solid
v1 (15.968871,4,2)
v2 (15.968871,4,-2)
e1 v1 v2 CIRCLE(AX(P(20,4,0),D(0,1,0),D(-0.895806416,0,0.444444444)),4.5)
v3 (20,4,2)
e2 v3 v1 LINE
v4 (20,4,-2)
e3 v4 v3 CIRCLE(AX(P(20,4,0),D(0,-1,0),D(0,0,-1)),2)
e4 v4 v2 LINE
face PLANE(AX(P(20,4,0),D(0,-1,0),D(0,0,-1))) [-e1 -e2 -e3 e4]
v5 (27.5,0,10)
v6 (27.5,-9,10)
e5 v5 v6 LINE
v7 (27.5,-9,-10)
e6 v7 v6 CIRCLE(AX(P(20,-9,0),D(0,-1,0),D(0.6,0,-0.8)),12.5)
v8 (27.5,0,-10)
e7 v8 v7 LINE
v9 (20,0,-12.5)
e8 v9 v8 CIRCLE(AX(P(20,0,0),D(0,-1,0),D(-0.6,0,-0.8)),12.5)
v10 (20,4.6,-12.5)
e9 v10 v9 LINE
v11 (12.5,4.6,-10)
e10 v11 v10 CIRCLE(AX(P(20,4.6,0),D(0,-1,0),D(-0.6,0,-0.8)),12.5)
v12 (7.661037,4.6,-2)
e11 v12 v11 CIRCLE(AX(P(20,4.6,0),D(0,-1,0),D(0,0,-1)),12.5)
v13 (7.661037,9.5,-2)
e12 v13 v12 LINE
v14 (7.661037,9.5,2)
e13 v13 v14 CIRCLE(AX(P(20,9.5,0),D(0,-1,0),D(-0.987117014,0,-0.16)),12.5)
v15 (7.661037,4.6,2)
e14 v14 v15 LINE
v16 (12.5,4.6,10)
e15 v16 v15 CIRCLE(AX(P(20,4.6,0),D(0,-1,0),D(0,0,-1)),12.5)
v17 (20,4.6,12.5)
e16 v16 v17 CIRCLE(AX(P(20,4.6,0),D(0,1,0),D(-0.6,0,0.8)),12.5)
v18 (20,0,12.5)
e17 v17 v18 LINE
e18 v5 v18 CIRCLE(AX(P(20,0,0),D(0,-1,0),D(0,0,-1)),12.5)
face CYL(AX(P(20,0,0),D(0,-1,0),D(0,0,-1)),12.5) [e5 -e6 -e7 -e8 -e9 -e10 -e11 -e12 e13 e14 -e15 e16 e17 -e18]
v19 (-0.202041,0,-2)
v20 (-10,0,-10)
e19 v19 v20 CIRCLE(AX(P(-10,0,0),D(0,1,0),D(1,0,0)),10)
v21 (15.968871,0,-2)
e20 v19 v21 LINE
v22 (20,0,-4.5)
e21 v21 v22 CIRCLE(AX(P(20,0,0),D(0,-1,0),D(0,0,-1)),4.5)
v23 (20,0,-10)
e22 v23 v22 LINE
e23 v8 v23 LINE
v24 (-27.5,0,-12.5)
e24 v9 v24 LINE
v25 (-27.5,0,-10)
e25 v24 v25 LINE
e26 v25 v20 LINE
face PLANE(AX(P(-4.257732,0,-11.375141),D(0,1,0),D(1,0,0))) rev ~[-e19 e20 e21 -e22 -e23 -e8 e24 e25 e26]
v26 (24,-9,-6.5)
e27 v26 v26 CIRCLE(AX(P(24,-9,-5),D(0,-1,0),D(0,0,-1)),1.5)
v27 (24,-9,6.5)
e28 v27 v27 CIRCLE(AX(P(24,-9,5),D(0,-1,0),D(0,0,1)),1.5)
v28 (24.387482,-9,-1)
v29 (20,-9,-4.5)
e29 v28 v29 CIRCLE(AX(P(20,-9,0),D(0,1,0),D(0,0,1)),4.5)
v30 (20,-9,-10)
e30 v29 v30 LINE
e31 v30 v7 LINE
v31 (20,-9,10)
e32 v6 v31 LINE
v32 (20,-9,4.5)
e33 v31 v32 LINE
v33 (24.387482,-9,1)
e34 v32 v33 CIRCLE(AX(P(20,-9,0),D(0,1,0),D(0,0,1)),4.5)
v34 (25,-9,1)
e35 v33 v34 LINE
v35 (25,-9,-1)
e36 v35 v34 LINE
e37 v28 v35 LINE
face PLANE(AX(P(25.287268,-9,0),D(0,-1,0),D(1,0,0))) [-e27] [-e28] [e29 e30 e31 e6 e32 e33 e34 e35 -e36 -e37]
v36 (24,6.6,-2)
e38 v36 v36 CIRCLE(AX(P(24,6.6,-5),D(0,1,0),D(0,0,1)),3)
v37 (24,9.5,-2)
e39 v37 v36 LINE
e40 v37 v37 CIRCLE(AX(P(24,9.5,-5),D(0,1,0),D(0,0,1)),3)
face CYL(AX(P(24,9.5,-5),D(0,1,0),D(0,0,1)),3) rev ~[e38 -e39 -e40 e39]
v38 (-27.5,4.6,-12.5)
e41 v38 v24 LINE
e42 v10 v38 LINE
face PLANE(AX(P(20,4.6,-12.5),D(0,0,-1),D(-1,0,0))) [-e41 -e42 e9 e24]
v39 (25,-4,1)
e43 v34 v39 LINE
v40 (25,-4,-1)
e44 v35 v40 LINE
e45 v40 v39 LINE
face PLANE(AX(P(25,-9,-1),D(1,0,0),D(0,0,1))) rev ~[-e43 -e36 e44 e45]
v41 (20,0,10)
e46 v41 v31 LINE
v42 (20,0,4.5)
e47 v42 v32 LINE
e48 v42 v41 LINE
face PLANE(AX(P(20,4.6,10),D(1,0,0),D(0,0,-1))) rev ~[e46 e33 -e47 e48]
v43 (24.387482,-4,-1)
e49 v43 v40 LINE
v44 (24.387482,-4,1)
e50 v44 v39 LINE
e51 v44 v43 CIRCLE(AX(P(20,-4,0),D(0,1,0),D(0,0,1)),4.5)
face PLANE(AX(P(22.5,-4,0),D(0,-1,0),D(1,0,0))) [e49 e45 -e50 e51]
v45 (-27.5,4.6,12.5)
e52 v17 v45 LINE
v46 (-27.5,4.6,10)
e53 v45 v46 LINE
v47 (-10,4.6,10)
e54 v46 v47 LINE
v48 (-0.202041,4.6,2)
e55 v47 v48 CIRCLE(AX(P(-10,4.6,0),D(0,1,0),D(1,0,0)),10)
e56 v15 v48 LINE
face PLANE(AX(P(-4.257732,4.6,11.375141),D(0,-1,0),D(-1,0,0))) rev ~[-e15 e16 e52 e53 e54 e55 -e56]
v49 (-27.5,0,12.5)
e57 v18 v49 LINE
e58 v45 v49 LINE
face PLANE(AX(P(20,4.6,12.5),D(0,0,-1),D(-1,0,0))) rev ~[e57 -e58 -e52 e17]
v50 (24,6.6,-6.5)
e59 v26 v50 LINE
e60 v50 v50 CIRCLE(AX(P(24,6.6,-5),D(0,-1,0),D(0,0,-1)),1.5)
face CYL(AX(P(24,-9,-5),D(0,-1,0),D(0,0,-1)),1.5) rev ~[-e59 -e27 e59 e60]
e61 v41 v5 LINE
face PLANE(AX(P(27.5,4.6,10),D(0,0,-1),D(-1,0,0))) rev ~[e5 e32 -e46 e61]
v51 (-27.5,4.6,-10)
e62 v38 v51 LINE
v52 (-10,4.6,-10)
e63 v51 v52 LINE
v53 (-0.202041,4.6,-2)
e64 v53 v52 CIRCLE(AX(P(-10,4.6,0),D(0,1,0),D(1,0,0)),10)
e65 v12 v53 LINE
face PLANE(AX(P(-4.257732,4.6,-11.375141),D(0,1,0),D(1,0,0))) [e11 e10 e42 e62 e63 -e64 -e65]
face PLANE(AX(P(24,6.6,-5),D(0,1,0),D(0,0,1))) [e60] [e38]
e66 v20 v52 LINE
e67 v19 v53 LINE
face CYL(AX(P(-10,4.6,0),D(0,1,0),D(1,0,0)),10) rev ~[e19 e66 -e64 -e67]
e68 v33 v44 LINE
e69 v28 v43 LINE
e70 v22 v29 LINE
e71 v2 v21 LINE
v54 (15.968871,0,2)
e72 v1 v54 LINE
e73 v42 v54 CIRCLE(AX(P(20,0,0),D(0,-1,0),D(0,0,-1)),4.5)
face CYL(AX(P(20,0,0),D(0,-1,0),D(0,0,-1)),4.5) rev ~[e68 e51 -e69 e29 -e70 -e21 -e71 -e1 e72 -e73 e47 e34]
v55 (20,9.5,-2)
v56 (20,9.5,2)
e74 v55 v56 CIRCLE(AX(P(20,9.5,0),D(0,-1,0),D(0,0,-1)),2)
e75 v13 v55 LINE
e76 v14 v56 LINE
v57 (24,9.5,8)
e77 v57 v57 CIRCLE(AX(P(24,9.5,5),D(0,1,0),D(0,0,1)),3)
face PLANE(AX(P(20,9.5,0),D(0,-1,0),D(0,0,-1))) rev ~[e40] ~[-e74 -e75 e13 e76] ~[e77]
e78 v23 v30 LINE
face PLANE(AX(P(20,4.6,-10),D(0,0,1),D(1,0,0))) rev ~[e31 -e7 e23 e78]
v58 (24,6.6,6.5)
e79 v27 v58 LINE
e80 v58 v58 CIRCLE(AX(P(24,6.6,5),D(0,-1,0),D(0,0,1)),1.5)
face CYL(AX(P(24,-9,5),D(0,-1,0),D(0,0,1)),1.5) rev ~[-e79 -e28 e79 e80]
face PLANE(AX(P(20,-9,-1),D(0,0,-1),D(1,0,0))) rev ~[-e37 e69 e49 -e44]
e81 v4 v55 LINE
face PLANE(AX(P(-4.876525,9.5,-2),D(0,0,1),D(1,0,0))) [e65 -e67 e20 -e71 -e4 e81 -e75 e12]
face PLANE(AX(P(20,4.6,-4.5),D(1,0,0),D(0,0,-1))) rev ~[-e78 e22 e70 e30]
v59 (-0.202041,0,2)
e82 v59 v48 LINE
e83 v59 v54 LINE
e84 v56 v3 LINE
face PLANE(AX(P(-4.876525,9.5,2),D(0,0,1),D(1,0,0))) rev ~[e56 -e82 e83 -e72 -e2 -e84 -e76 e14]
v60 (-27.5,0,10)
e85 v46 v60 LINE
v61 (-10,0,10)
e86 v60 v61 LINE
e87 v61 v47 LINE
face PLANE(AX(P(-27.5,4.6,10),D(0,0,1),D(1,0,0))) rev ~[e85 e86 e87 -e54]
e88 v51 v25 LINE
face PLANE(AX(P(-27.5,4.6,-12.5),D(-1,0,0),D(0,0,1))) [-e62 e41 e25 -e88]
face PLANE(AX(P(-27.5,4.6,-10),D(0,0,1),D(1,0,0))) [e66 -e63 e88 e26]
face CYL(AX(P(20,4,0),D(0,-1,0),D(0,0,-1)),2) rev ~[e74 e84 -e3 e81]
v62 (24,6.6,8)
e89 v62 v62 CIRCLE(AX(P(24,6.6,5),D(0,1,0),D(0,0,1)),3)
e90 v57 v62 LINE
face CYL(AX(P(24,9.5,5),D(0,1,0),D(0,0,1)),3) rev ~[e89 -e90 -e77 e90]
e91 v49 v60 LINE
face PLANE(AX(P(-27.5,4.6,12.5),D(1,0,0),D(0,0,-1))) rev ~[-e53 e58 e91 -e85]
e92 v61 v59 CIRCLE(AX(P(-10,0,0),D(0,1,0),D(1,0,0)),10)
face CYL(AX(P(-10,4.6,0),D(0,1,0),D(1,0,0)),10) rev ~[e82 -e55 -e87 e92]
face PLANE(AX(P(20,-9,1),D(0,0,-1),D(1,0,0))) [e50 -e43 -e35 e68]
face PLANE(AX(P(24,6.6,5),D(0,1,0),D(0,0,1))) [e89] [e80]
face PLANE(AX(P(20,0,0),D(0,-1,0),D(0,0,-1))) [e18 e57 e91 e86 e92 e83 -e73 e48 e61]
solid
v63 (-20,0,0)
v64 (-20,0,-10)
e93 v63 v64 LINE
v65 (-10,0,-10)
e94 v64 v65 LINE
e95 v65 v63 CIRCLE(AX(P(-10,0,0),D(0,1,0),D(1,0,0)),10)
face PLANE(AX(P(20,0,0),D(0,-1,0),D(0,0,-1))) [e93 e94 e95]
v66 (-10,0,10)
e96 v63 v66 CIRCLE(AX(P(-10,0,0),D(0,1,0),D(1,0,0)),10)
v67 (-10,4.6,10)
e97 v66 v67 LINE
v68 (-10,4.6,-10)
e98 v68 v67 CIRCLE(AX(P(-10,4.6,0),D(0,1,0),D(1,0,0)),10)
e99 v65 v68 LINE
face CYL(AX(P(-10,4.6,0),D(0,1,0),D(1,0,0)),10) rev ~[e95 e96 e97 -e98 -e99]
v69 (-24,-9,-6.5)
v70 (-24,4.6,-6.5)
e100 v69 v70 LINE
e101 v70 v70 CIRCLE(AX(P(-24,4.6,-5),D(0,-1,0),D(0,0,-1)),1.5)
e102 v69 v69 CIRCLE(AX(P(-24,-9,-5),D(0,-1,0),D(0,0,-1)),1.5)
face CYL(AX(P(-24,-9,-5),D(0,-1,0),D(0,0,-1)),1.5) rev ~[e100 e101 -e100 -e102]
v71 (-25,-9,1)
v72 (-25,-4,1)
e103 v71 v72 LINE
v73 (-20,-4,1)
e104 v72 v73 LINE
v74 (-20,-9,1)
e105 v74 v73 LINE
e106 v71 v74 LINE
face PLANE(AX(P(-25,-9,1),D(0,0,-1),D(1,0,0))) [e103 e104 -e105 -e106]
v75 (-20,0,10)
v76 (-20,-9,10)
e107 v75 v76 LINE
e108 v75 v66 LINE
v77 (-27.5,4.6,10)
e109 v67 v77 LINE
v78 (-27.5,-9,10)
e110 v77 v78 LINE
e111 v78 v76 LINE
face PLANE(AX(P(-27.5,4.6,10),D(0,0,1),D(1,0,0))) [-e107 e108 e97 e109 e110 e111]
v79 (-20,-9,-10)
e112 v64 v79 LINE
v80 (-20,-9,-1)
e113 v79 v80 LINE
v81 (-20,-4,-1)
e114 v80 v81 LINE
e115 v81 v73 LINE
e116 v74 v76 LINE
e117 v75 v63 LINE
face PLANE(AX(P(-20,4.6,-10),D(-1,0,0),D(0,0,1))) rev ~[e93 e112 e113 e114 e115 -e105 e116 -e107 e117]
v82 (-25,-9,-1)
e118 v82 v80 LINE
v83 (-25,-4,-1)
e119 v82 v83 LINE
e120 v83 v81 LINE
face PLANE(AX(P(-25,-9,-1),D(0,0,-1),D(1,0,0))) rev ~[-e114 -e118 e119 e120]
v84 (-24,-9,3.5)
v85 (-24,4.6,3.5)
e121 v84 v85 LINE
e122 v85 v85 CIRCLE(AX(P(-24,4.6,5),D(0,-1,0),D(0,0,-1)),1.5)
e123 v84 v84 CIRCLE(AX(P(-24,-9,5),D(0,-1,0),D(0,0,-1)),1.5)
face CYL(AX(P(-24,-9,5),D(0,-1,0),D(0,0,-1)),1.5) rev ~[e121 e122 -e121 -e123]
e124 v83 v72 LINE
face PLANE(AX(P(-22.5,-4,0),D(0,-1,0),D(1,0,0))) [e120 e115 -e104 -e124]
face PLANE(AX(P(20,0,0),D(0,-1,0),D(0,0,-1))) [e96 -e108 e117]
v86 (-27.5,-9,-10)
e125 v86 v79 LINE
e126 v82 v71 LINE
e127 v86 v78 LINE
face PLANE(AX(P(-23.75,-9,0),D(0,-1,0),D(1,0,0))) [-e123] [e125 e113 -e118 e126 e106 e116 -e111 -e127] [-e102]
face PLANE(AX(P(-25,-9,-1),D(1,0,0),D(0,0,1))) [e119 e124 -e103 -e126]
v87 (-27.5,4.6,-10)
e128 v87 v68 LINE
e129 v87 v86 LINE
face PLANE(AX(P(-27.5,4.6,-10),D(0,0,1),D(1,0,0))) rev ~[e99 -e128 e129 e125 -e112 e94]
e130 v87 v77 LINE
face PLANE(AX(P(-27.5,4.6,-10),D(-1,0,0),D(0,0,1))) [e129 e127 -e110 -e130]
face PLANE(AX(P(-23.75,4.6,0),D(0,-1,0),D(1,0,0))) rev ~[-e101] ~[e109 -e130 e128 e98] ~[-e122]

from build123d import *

# Parameters (mm, degrees)
SKETCH_1_W           = 40
SKETCH_1_H           = 20
EXTRUDE_1_DEPTH      = 4.6
SKETCH_2_R           = 6.5
CUT_EXTRUDE_1_DEPTH  = 2
SKETCH_4_R           = 5.5
CUT_EXTRUDE_5_DEPTH  = 2.6
SKETCH_5_R           = 12.5
EXTRUDE_2_DEPTH      = 9.5
SKETCH_6_R           = 4.5
CUT_EXTRUDE_6_DEPTH  = 4
SKETCH_7_R           = 2
CUT_EXTRUDE_7_DEPTH  = 36.252659474
EXTRUDE_4_DEPTH      = 9
EXTRUDE_4_DEPTH_BACK = 4.6
SKETCH_8_W           = 7.5
SKETCH_8_H           = 20
SKETCH_9_W           = 5
SKETCH_9_H           = 2
CUT_EXTRUDE_8_DEPTH  = 5
SKETCH_10_R          = 1.5
CUT_EXTRUDE_9_DEPTH  = 40.430318284
SKETCH_13_R          = 3
CUT_EXTRUDE_10_DEPTH = 2.9
SKETCH_14_W          = 24.876524617
SKETCH_14_H          = 4
CUT_EXTRUDE_11_DEPTH = 9.5
SKETCH_15_R          = 10
CUT_EXTRUDE_14_DEPTH = 5
EXTRUDE_5_DEPTH      = 4.6


with BuildPart() as part:
    # 草图1 → 凸台-拉伸1 (new body)
    with BuildSketch(Plane(origin=(0, 0, 0), x_dir=(1, 0, 0), z_dir=(0, 1, 0))):
        Rectangle(SKETCH_1_W, SKETCH_1_H)
    extrude(amount=EXTRUDE_1_DEPTH)

    # 草图2 → 切除-拉伸1 (cut)
    with BuildSketch(Plane.XZ):
        with Locations(Location((-10, 0, 0), (0, 0, 270))):
            Circle(SKETCH_2_R)
    extrude(amount=-CUT_EXTRUDE_1_DEPTH, mode=Mode.SUBTRACT)

    # 草图4 → 切除-拉伸5 (cut)
    with BuildSketch(Plane.XZ.offset(-2)):
        with Locations(Location((-10, 0, 0), (0, 0, 270))):
            Circle(SKETCH_4_R)
    extrude(amount=-CUT_EXTRUDE_5_DEPTH, mode=Mode.SUBTRACT)

    # 草图5 → 凸台-拉伸2 (add)
    with BuildSketch(Plane.XZ):
        with Locations(Location((20, 0, 0), (0, 0, 270))):
            Circle(SKETCH_5_R)
    extrude(amount=-EXTRUDE_2_DEPTH)

    # 草图6 → 切除-拉伸6 (cut)
    with BuildSketch(Plane.XZ):
        with Locations(Location((20, 0, 0), (0, 0, 270))):
            Circle(SKETCH_6_R)
    extrude(amount=-CUT_EXTRUDE_6_DEPTH, mode=Mode.SUBTRACT)

    # 草图7 → 切除-拉伸7 (cut, through all)
    with BuildSketch(Plane.XZ.offset(-4)):
        with Locations(Location((20, 0, 0), (0, 0, 270))):
            Circle(SKETCH_7_R)
    extrude(amount=-CUT_EXTRUDE_7_DEPTH, mode=Mode.SUBTRACT)

    # 草图8 → 凸台-拉伸4 (add, two sides: drawn at the far end of the back side and taken through both)
    with BuildSketch(Plane.XZ.offset(-EXTRUDE_4_DEPTH_BACK)):
        with Locations((-23.75, 0)):
            Rectangle(SKETCH_8_W, SKETCH_8_H)
        with BuildLine():
            Line((20, -4.5), (20, -10))
            Line((20, -10), (27.5, -10))
            ThreePointArc((27.5, -10), (32.5, 0), (27.5, 10))
            Line((27.5, 10), (20, 10))
            Line((20, 10), (20, 4.5))
            ThreePointArc((20, 4.5), (24.5, 0), (20, -4.5))
        make_face()
    extrude(amount=EXTRUDE_4_DEPTH + EXTRUDE_4_DEPTH_BACK)

    # 草图9 → 切除-拉伸8 (cut)
    with BuildSketch(Plane.XZ.offset(9)):
        with Locations((-22.5, 0)):
            Rectangle(SKETCH_9_W, SKETCH_9_H)
        with Locations((22.5, 0)):
            Rectangle(SKETCH_9_W, SKETCH_9_H)
    extrude(amount=-CUT_EXTRUDE_8_DEPTH, mode=Mode.SUBTRACT)

    # 草图10 → 切除-拉伸9 (cut, through all)
    with BuildSketch(Plane.XZ.offset(9)):
        with Locations(Location((-24, 5, 0), (0, 0, 270))):
            Circle(SKETCH_10_R)
        with Locations(Location((-24, -5, 0), (0, 0, 270))):
            Circle(SKETCH_10_R)
        with Locations(Location((24, -5, 0), (0, 0, 270))):
            Circle(SKETCH_10_R)
        with Locations(Location((24, 5, 0), (0, 0, 90))):
            Circle(SKETCH_10_R)
    extrude(amount=-CUT_EXTRUDE_9_DEPTH, mode=Mode.SUBTRACT)

    # 草图13 → 切除-拉伸10 (cut)
    with BuildSketch(Plane(origin=(0, 9.5, 0), x_dir=(1, 0, 0), z_dir=(0, 1, 0))):
        with Locations(Location((24, -5, 0), (0, 0, 270))):
            Circle(SKETCH_13_R)
        with Locations(Location((24, 5, 0), (0, 0, 270))):
            Circle(SKETCH_13_R)
    extrude(amount=-CUT_EXTRUDE_10_DEPTH, mode=Mode.SUBTRACT)

    # 草图14 → 切除-拉伸11 (cut)
    with BuildSketch(Plane(origin=(0, 9.5, 0), x_dir=(1, 0, 0), z_dir=(0, 1, 0))):
        with Locations((7.561737691, 0)):
            Rectangle(SKETCH_14_W, SKETCH_14_H)
    extrude(amount=-CUT_EXTRUDE_11_DEPTH, mode=Mode.SUBTRACT)

    # 草图15 → 切除-拉伸14 (cut)
    with BuildSketch(Plane(origin=(0, 4.6, 0), x_dir=(1, 0, 0), z_dir=(0, 1, 0))):
        with Locations((-10, 0)):
            Circle(SKETCH_15_R)
    extrude(amount=-CUT_EXTRUDE_14_DEPTH, mode=Mode.SUBTRACT)


with BuildPart() as cut_extrude_14_piece_1:
    # of the separate pieces the step leaves, piece 1, a body of its own (cut_extrude_14_pieces)
    add(part.part.solids().sort_by_distance((12.5, 0, -10))[0])

    # 草图16 → 凸台-拉伸5 (add)
    with BuildSketch(Plane(origin=(0, 4.6, 0), x_dir=(1, 0, 0), z_dir=(0, 1, 0))):
        with BuildLine():
            Line((20, 12.5), (-27.5, 12.5))
            Line((-27.5, 12.5), (-27.5, 10))
            Line((-27.5, 10), (12.5, 10))
            ThreePointArc((12.5, 10), (16.047152925, 11.858541226), (20, 12.5))
        make_face()
        with BuildLine():
            Line((20, -12.5), (-27.5, -12.5))
            Line((-27.5, -12.5), (-27.5, -10))
            Line((-27.5, -10), (12.5, -10))
            ThreePointArc((12.5, -10), (16.047152925, -11.858541226), (20, -12.5))
        make_face()
    extrude(amount=-EXTRUDE_5_DEPTH)


with BuildPart() as cut_extrude_14_piece_2:
    # of the separate pieces the step leaves, piece 2, a body of its own (cut_extrude_14_pieces)
    add(part.part.solids().sort_by_distance((-20, 0, -10))[0])


solid = Compound([cut_extrude_14_piece_1.part, cut_extrude_14_piece_2.part])
